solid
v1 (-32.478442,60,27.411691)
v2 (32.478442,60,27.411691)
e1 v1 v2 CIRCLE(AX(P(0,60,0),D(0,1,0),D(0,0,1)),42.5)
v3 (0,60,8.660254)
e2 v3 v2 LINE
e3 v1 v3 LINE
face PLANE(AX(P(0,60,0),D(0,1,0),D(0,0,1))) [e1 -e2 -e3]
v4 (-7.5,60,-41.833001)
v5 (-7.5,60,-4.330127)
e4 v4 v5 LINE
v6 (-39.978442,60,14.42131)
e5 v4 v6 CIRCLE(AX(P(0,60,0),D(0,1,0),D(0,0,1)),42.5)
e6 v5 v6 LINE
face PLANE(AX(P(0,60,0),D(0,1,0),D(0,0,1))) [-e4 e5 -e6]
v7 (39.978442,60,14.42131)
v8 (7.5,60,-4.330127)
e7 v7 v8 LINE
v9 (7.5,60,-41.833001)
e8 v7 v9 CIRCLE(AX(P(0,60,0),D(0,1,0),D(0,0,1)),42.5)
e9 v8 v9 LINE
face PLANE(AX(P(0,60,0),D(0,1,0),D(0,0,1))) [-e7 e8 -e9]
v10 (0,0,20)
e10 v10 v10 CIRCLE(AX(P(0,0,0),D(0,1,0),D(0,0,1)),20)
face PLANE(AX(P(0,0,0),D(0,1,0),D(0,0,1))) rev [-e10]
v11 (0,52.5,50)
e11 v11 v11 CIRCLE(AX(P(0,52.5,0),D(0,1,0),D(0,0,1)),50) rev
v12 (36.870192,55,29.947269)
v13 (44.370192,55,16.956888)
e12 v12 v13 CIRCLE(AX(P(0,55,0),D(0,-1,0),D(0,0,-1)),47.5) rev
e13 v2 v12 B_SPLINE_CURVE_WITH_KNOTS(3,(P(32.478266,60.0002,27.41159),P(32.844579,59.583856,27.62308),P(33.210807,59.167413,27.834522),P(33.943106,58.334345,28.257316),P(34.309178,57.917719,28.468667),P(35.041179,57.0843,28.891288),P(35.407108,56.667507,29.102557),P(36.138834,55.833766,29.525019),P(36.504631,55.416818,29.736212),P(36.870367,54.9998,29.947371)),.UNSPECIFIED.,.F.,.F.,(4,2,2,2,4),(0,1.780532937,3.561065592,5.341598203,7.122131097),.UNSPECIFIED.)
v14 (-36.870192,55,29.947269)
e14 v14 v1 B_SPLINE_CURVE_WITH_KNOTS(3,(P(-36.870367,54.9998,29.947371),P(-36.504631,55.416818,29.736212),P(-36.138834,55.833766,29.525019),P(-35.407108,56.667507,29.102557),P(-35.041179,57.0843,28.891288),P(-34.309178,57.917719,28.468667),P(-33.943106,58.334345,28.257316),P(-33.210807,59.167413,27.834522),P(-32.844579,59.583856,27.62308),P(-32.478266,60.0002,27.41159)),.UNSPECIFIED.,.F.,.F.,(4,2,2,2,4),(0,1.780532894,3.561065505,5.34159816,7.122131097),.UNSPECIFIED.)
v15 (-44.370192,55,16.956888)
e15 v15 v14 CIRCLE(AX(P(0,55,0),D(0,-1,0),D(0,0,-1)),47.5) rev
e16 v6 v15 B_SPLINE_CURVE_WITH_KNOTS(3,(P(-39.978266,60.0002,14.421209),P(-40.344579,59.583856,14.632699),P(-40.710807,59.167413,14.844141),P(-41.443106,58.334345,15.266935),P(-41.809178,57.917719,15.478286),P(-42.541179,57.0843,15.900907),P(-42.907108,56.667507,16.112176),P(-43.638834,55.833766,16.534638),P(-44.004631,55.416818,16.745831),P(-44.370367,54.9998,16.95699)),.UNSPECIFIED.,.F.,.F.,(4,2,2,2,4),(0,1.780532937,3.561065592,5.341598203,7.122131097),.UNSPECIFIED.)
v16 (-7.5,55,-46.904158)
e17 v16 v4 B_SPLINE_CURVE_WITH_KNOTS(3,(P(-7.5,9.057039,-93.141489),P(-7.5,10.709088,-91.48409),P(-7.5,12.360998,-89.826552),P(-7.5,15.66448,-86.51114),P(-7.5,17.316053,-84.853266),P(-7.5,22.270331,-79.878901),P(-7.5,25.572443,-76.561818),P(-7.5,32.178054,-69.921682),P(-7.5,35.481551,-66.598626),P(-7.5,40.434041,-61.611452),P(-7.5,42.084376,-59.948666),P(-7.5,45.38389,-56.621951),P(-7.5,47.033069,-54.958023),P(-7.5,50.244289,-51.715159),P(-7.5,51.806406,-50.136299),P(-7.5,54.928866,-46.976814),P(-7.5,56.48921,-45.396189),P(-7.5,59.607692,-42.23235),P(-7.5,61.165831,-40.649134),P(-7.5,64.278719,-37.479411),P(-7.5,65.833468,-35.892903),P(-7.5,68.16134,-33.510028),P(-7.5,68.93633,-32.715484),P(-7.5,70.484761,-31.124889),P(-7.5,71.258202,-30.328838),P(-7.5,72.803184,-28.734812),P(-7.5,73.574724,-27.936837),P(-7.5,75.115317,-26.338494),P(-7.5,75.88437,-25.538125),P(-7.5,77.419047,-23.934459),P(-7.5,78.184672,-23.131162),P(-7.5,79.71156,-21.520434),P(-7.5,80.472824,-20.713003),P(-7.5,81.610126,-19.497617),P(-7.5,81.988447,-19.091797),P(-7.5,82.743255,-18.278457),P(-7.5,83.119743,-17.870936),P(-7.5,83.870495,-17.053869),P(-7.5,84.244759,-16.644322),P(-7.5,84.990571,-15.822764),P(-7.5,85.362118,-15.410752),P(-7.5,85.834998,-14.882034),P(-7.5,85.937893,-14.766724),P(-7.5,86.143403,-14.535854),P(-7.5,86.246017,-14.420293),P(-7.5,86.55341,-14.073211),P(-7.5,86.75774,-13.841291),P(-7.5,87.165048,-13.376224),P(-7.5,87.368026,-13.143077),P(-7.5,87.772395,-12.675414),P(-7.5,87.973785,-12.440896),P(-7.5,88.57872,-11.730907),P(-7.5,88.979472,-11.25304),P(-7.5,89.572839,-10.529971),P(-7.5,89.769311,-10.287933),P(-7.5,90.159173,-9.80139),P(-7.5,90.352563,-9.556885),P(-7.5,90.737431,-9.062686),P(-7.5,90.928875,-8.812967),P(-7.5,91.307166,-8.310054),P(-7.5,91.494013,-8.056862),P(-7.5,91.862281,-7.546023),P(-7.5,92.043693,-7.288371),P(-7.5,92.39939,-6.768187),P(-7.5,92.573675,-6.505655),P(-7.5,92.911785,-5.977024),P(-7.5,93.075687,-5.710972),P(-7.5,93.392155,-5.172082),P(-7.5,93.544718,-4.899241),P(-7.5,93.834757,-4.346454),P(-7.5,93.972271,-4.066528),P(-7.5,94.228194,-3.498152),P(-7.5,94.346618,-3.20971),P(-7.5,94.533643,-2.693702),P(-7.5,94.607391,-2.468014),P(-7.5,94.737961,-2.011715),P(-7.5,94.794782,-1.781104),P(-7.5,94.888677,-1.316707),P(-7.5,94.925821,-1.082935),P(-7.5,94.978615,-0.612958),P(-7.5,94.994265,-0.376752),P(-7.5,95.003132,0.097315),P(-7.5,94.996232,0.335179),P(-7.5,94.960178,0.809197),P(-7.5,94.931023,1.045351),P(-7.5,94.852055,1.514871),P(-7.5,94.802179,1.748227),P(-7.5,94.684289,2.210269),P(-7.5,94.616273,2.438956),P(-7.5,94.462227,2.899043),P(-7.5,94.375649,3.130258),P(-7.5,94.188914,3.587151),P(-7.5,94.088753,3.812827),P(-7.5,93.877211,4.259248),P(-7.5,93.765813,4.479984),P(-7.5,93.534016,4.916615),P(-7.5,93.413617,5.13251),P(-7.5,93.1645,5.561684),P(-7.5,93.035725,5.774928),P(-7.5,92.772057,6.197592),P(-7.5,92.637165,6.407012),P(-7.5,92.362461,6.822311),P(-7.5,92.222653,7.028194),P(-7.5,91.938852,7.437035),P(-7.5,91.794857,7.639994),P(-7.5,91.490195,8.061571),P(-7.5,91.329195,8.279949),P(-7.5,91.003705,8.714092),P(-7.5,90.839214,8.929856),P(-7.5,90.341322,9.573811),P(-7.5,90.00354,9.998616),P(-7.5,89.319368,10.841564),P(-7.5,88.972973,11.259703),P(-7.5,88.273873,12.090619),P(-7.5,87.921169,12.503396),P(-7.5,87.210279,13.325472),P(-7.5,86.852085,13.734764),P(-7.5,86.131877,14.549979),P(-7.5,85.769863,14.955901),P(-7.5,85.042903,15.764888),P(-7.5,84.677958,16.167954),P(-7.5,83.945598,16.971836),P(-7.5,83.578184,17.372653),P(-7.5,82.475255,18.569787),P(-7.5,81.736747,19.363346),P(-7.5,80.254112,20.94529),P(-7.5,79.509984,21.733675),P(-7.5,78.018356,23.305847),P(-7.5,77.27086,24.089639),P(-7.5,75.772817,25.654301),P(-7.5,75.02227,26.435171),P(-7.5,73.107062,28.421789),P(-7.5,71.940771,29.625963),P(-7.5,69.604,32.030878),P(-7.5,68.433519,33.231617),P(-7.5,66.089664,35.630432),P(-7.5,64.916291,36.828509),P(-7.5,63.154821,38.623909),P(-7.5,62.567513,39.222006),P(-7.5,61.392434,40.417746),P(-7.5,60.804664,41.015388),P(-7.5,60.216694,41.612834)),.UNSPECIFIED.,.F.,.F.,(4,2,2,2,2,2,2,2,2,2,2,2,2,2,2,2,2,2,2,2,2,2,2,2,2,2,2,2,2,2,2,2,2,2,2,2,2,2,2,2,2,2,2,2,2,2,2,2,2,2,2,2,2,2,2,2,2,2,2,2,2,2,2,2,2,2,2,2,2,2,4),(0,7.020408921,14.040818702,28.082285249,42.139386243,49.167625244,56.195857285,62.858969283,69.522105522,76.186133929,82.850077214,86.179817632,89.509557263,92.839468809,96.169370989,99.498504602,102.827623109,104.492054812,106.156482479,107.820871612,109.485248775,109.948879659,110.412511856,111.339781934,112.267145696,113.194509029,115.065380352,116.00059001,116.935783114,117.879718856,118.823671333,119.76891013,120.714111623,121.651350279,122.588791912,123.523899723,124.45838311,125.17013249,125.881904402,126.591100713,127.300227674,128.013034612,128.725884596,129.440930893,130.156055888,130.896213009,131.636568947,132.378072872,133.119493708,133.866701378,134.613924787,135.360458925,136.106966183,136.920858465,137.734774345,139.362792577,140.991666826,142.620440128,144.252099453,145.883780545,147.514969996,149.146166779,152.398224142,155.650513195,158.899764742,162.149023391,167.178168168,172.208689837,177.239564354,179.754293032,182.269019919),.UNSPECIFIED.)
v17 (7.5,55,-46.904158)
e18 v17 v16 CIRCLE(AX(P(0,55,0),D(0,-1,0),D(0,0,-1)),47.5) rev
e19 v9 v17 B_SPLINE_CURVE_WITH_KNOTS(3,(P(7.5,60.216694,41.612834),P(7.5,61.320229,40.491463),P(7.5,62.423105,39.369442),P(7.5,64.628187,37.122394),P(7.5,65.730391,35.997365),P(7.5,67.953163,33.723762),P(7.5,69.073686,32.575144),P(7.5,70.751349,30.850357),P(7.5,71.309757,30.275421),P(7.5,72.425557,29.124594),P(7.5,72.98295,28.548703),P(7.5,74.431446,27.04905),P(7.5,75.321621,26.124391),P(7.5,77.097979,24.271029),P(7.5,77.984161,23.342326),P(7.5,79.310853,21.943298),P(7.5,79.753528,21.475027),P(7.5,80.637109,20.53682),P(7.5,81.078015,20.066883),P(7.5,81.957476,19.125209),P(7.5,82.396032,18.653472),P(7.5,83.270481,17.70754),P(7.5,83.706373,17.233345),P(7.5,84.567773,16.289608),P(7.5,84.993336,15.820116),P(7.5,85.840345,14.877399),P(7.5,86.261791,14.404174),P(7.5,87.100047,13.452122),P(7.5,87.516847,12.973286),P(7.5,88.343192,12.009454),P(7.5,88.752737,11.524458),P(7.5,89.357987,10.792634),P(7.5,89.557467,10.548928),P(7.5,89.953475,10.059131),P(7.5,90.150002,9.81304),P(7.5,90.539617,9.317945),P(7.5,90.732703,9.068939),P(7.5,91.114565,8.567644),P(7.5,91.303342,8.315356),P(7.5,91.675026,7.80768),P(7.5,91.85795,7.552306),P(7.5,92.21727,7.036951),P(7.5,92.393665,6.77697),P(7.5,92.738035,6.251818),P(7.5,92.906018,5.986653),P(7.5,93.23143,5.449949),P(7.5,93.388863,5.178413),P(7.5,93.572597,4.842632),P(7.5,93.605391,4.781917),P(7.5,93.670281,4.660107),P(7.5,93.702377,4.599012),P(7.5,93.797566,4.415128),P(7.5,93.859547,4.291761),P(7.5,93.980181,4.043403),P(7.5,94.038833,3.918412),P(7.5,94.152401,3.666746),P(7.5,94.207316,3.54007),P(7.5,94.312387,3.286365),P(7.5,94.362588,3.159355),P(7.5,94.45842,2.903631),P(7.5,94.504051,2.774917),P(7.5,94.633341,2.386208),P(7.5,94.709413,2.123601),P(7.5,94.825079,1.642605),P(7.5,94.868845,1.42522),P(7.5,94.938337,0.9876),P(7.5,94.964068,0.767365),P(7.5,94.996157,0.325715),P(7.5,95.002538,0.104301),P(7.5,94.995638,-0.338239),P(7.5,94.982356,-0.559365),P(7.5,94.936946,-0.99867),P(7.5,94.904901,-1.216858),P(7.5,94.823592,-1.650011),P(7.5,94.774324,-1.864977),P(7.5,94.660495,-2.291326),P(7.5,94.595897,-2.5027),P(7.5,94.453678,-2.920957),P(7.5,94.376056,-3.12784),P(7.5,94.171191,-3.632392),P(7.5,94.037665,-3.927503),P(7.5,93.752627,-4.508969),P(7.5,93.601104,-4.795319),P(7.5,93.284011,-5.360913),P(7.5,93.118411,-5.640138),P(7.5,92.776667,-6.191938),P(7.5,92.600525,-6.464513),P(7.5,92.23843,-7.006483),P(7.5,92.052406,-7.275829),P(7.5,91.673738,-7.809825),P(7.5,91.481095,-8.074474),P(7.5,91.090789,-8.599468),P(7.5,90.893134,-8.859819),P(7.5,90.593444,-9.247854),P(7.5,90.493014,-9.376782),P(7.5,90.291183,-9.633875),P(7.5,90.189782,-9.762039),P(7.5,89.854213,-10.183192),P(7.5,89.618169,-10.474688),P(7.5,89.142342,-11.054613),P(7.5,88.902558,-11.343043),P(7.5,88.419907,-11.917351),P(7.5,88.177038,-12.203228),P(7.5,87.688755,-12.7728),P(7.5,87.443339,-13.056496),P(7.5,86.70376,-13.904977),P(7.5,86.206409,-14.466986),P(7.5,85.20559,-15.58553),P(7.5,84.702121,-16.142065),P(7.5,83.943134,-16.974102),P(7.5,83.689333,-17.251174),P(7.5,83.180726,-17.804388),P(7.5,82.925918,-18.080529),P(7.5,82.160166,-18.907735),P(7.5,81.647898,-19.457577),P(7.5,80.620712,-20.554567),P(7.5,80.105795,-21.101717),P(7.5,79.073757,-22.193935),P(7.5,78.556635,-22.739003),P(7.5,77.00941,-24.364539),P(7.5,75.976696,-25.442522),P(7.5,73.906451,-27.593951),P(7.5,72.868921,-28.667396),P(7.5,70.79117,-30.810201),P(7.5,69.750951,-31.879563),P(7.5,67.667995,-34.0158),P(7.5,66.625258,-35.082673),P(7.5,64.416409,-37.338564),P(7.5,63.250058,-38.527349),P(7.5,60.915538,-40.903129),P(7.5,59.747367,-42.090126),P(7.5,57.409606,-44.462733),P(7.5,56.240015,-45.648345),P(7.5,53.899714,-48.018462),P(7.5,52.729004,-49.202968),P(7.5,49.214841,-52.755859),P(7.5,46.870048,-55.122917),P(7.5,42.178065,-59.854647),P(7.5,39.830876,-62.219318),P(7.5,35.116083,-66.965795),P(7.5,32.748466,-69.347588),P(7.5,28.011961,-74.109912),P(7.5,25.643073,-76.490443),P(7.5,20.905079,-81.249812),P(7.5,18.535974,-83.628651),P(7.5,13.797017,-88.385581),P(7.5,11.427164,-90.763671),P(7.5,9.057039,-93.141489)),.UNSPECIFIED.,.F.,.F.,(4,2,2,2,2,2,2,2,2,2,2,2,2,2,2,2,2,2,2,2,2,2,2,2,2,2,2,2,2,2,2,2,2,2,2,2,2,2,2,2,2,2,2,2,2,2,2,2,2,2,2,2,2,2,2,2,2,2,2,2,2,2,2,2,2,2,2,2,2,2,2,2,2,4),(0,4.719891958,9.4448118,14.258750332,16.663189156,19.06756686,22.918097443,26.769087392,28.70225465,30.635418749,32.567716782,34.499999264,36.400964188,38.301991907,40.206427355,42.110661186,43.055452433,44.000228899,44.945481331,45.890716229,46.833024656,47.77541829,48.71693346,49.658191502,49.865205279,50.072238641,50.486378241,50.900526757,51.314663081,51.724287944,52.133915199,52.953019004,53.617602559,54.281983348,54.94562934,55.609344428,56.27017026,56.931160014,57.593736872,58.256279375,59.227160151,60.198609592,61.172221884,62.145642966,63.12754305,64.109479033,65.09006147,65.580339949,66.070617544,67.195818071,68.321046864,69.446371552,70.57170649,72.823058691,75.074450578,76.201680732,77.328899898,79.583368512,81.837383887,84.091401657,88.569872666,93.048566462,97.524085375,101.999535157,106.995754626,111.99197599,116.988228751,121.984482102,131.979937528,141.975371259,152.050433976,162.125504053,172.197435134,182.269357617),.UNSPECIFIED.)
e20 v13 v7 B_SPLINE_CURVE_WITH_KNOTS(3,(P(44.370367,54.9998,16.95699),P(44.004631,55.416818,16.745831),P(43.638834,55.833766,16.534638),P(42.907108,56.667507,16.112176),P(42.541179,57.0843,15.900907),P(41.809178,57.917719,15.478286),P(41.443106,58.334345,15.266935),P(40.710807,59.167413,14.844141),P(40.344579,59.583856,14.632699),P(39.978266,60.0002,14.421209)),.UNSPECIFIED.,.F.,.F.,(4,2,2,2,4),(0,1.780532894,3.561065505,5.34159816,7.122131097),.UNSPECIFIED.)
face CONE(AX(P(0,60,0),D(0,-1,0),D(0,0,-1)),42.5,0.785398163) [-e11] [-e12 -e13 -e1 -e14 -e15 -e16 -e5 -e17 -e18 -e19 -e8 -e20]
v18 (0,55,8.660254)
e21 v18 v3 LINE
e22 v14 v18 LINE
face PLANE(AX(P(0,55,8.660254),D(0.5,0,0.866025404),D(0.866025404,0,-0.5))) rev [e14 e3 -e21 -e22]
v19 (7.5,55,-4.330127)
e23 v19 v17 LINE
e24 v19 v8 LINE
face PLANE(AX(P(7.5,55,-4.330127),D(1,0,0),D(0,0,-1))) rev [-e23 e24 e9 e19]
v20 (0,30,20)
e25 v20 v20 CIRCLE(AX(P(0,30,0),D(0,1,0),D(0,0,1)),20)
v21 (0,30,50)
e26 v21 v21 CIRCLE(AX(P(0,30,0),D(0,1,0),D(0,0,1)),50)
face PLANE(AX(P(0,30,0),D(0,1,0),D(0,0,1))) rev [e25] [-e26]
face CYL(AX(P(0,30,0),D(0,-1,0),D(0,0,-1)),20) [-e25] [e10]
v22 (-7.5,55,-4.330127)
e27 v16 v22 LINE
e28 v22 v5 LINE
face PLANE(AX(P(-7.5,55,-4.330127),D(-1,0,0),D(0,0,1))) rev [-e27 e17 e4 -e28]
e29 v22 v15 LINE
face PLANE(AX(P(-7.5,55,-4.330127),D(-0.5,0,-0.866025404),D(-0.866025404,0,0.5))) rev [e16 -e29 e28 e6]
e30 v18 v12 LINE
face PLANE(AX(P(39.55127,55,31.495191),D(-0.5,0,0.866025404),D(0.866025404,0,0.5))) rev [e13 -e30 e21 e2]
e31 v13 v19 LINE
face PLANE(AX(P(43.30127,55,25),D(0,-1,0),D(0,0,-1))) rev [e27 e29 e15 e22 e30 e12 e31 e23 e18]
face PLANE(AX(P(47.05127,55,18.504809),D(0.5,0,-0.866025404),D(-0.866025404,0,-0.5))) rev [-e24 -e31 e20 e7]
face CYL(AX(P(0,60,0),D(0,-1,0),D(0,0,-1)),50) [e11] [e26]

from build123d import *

# Parameters (mm, degrees)
SKETCH1_R           = 20
BOSS_EXTRUDE1_DEPTH = 30
SKETCH2_R           = 50
BOSS_EXTRUDE2_DEPTH = 30
CHAMFER1_SIZE       = 7.5
CUT_EXTRUDE1_DEPTH  = 5


with BuildPart() as part:
    # Sketch1 → Boss-Extrude1 (new body)
    with BuildSketch(Plane(origin=(0, 0, 0), x_dir=(1, 0, 0), z_dir=(0, 1, 0))):
        Circle(SKETCH1_R)
    extrude(amount=BOSS_EXTRUDE1_DEPTH)

    # Sketch2 → Boss-Extrude2 (add)
    with BuildSketch(Plane(origin=(0, 30, 0), x_dir=(1, 0, 0), z_dir=(0, 1, 0))):
        Circle(SKETCH2_R)
    extrude(amount=BOSS_EXTRUDE2_DEPTH)

    # Chamfer1
    chamfer1_edges = [part.edges().sort_by_distance(p)[0] for p in [
        (-50, 60, 0),
    ]]
    chamfer(chamfer1_edges, length=CHAMFER1_SIZE)

    # Sketch3 → Cut-Extrude1 (cut)
    with BuildSketch(Plane(origin=(0, 60, 0), x_dir=(1, 0, 0), z_dir=(0, 1, 0))):
        with BuildLine():
            Line((47.051270189, -18.504809472), (7.5, 4.330127019))
            Line((7.5, 4.330127019), (7.5, 50))
            ThreePointArc((7.5, 50), (0, 57.5), (-7.5, 50))
            Line((-7.5, 50), (-7.5, 4.330127019))
            Line((-7.5, 4.330127019), (-47.051270189, -18.504809472))
            ThreePointArc((-47.051270189, -18.504809472), (-49.796460718, -28.75), (-39.551270189, -31.495190528))
            Line((-39.551270189, -31.495190528), (0, -8.660254038))
            Line((0, -8.660254038), (39.551270189, -31.495190528))
            ThreePointArc((39.551270189, -31.495190528), (49.796460718, -28.75), (47.051270189, -18.504809472))
        make_face()
    extrude(amount=-CUT_EXTRUDE1_DEPTH, mode=Mode.SUBTRACT)


solid = part.part
